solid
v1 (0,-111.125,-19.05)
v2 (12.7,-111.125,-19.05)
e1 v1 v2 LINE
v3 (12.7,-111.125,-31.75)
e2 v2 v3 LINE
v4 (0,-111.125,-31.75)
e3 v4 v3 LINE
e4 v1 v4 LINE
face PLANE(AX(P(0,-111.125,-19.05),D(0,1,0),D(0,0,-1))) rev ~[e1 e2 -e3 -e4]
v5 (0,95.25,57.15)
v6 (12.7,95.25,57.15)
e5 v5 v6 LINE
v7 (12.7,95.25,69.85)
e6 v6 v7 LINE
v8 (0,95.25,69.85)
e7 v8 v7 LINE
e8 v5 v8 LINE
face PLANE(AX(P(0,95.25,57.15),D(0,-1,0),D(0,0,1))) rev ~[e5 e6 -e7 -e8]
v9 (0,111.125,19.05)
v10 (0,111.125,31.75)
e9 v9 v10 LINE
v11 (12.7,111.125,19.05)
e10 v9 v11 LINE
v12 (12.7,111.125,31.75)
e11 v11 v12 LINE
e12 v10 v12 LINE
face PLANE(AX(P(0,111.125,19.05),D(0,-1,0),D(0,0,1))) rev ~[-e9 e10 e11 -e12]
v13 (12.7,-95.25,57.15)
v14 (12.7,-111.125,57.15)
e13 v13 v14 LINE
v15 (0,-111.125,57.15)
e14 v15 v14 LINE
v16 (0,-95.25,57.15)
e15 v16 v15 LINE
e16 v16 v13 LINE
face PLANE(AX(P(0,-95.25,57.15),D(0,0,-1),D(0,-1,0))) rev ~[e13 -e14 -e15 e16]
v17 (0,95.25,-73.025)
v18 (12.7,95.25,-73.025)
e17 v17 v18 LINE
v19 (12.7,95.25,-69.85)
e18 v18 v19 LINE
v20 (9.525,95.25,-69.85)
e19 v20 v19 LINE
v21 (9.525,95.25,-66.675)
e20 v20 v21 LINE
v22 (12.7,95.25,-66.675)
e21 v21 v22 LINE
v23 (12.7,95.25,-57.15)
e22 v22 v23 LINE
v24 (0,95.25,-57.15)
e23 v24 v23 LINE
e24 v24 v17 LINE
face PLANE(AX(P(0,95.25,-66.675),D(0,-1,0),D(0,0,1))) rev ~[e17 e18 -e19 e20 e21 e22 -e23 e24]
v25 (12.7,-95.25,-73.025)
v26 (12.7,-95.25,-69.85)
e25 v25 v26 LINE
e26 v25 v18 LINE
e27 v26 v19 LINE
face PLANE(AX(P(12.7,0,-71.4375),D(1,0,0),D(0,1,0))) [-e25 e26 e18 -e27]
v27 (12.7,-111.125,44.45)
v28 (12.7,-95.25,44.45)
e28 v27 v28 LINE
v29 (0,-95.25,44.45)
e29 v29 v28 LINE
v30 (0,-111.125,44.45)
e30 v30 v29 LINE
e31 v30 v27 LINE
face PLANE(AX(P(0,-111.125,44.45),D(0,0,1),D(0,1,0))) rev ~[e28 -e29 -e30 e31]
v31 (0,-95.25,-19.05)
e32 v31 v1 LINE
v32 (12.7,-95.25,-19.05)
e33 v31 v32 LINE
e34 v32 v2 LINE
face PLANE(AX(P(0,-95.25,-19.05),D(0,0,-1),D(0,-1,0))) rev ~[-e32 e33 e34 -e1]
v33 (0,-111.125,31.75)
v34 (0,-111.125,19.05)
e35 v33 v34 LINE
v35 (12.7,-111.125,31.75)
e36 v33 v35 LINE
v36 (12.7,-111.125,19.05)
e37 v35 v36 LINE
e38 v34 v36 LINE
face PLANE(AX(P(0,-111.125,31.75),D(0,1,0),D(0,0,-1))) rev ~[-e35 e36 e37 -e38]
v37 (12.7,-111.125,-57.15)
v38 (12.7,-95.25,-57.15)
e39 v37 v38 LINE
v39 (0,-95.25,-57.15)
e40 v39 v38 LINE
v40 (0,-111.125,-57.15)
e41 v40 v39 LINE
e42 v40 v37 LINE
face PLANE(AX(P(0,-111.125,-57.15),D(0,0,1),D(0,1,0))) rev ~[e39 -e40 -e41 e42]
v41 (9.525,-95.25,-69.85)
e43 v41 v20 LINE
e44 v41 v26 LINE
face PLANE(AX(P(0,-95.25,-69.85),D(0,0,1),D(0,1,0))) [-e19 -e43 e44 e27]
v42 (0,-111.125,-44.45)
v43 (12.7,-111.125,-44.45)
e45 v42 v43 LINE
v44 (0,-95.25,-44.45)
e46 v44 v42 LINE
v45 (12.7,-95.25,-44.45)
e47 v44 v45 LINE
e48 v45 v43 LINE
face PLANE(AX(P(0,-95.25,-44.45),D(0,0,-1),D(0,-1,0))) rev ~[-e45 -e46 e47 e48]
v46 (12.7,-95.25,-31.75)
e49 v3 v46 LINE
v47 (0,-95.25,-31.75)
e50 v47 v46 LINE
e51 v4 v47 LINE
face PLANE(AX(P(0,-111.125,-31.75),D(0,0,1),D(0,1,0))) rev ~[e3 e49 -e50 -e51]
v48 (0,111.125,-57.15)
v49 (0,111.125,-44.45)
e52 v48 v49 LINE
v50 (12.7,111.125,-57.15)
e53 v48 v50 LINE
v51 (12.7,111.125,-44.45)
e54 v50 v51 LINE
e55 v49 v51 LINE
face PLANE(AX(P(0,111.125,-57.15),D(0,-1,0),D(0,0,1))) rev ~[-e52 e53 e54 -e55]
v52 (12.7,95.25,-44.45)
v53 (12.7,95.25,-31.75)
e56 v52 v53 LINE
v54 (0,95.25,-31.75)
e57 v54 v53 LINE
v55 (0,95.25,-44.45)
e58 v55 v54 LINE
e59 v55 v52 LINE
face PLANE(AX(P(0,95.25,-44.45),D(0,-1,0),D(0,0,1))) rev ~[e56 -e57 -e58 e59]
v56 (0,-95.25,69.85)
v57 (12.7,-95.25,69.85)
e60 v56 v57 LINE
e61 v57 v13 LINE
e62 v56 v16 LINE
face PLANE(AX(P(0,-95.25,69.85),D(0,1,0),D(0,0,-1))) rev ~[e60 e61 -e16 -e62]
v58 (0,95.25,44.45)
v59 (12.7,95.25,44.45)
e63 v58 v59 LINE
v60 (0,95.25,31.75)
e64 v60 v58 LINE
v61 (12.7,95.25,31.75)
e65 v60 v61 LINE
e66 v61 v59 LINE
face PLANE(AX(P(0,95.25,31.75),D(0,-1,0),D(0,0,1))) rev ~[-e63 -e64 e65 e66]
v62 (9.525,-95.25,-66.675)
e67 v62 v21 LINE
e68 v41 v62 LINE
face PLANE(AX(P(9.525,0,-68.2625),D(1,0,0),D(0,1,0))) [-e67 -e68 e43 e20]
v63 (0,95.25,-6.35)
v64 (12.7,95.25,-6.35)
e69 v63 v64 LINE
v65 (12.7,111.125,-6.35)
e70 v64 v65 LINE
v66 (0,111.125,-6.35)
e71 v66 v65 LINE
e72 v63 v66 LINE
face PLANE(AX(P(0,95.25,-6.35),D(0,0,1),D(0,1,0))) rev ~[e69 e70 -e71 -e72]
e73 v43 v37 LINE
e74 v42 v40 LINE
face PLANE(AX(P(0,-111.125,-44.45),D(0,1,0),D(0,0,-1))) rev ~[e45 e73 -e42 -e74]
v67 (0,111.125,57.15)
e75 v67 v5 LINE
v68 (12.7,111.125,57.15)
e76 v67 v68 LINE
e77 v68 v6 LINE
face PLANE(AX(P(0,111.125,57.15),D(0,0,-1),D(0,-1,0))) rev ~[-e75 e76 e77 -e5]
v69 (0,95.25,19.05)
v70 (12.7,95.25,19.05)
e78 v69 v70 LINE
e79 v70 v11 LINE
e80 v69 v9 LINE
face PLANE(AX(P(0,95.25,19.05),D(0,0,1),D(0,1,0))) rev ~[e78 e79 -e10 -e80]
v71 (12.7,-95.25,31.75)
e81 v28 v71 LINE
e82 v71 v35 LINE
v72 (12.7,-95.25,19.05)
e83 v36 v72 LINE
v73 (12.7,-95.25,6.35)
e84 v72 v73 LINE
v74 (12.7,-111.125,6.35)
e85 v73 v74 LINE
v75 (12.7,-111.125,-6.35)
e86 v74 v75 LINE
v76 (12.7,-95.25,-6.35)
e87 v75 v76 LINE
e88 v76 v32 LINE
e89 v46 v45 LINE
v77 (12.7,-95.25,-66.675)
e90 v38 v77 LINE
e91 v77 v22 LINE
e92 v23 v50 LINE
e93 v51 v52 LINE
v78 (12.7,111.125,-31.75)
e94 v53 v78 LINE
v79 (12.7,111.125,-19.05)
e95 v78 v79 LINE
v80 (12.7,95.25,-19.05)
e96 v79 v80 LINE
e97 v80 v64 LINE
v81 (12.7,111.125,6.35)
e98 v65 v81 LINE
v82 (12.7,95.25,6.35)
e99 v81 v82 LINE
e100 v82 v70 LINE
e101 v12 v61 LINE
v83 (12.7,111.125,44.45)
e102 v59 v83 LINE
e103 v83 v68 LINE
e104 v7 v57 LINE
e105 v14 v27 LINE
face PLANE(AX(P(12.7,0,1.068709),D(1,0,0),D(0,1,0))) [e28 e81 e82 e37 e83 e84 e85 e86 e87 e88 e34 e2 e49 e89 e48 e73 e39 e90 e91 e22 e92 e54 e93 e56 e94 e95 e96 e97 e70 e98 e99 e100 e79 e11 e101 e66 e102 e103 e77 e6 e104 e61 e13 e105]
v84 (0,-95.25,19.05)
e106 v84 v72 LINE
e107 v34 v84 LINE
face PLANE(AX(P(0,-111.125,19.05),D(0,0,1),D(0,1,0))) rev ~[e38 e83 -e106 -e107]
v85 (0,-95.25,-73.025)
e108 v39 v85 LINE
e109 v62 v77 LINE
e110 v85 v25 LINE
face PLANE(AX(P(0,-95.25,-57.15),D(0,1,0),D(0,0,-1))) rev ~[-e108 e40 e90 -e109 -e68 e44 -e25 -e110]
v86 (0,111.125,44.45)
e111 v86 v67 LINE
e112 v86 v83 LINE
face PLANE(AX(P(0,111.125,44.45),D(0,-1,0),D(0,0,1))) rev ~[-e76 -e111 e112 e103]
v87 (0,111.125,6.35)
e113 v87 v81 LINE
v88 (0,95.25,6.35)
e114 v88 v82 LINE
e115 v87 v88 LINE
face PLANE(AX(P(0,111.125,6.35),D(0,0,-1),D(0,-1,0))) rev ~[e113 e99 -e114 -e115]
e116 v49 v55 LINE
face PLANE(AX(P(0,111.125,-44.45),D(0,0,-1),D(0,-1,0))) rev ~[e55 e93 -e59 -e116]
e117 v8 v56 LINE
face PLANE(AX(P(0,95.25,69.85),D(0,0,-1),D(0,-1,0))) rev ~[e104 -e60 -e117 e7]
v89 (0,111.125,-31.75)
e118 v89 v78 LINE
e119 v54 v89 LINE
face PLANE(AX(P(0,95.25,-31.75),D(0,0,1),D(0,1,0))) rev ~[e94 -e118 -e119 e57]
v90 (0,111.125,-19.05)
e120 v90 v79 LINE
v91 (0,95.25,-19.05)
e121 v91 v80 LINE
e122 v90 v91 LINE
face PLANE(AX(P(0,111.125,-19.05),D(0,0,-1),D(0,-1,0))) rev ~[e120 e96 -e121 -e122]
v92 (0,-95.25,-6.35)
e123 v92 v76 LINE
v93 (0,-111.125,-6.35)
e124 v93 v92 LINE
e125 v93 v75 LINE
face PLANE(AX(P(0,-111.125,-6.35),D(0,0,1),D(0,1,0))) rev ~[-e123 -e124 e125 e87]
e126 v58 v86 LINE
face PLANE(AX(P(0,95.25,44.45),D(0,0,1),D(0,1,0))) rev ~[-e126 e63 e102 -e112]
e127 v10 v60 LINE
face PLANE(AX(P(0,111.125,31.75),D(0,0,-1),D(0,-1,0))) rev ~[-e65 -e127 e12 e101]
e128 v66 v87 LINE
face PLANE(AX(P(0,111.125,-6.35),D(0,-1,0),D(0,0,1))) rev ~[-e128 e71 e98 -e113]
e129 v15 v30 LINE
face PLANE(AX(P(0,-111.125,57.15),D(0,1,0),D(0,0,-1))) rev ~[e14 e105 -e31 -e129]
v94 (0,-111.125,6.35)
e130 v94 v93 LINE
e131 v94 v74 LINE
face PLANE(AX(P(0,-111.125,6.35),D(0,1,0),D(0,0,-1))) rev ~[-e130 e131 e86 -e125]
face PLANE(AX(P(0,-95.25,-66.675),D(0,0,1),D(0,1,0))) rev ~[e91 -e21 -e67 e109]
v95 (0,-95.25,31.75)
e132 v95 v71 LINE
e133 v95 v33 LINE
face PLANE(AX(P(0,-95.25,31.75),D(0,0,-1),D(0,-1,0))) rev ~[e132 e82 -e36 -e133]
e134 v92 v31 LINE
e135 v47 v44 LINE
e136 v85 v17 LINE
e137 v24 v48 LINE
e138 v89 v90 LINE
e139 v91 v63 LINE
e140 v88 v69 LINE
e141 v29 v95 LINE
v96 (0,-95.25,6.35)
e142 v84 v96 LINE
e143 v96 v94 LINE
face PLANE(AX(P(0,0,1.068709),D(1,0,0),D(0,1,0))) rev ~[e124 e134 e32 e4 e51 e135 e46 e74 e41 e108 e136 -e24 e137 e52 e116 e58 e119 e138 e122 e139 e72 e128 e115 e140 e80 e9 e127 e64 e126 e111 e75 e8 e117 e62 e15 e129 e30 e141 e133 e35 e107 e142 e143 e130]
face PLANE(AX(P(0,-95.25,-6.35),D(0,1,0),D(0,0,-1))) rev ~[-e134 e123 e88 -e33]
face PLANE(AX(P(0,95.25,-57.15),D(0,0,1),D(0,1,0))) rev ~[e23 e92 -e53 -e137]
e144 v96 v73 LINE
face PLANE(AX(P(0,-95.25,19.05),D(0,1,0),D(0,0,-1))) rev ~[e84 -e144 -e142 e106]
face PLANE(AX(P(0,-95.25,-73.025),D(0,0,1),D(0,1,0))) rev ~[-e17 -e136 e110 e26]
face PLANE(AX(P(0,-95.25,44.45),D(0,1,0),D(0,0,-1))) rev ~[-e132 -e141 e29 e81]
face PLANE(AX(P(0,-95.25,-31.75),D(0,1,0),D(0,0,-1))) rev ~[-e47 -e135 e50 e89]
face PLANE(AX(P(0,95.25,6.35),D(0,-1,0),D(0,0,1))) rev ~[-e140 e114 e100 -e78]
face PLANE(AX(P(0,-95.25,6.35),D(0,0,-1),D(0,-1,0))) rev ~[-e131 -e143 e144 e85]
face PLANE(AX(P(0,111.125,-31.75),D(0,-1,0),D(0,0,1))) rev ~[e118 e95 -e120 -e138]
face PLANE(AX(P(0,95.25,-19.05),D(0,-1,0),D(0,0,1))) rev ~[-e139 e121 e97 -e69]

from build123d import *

# Parameters (mm, degrees)
F0_W     = 190.5
F0_H     = 3.175
F1_DEPTH = 9.525
F2_DEPTH = 12.7


with BuildPart() as f1:
    # F0 (on Right) → F1 (new body)
    with BuildSketch(Plane.YZ):
        with Locations((0, -68.2625)):
            Rectangle(F0_W, F0_H)
    extrude(amount=F1_DEPTH)

    # F0 (on Right) → F2 (join)
    with BuildSketch(Plane.YZ):
        Polygon((-95.25, -57.15), (-95.25, -66.675), (95.25, -66.675), (95.25, -57.15), (111.125, -57.15), (111.125, -44.45), (95.25, -44.45), (95.25, -31.75), (111.125, -31.75), (111.125, -19.05), (95.25, -19.05), (95.25, -6.35), (111.125, -6.35), (111.125, 6.35), (95.25, 6.35), (95.25, 19.05), (111.125, 19.05), (111.125, 31.75), (95.25, 31.75), (95.25, 44.45), (111.125, 44.45), (111.125, 57.15), (95.25, 57.15), (95.25, 69.85), (-95.25, 69.85), (-95.25, 57.15), (-111.125, 57.15), (-111.125, 44.45), (-95.25, 44.45), (-95.25, 31.75), (-111.125, 31.75), (-111.125, 19.05), (-95.25, 19.05), (-95.25, 6.35), (-111.125, 6.35), (-111.125, -6.35), (-95.25, -6.35), (-95.25, -19.05), (-111.125, -19.05), (-111.125, -31.75), (-95.25, -31.75), (-95.25, -44.45), (-111.125, -44.45), (-111.125, -57.15), align=None)
        with Locations((0, -71.4375)):
            Rectangle(F0_W, F0_H)
    extrude(amount=F2_DEPTH)


solid = f1.part
